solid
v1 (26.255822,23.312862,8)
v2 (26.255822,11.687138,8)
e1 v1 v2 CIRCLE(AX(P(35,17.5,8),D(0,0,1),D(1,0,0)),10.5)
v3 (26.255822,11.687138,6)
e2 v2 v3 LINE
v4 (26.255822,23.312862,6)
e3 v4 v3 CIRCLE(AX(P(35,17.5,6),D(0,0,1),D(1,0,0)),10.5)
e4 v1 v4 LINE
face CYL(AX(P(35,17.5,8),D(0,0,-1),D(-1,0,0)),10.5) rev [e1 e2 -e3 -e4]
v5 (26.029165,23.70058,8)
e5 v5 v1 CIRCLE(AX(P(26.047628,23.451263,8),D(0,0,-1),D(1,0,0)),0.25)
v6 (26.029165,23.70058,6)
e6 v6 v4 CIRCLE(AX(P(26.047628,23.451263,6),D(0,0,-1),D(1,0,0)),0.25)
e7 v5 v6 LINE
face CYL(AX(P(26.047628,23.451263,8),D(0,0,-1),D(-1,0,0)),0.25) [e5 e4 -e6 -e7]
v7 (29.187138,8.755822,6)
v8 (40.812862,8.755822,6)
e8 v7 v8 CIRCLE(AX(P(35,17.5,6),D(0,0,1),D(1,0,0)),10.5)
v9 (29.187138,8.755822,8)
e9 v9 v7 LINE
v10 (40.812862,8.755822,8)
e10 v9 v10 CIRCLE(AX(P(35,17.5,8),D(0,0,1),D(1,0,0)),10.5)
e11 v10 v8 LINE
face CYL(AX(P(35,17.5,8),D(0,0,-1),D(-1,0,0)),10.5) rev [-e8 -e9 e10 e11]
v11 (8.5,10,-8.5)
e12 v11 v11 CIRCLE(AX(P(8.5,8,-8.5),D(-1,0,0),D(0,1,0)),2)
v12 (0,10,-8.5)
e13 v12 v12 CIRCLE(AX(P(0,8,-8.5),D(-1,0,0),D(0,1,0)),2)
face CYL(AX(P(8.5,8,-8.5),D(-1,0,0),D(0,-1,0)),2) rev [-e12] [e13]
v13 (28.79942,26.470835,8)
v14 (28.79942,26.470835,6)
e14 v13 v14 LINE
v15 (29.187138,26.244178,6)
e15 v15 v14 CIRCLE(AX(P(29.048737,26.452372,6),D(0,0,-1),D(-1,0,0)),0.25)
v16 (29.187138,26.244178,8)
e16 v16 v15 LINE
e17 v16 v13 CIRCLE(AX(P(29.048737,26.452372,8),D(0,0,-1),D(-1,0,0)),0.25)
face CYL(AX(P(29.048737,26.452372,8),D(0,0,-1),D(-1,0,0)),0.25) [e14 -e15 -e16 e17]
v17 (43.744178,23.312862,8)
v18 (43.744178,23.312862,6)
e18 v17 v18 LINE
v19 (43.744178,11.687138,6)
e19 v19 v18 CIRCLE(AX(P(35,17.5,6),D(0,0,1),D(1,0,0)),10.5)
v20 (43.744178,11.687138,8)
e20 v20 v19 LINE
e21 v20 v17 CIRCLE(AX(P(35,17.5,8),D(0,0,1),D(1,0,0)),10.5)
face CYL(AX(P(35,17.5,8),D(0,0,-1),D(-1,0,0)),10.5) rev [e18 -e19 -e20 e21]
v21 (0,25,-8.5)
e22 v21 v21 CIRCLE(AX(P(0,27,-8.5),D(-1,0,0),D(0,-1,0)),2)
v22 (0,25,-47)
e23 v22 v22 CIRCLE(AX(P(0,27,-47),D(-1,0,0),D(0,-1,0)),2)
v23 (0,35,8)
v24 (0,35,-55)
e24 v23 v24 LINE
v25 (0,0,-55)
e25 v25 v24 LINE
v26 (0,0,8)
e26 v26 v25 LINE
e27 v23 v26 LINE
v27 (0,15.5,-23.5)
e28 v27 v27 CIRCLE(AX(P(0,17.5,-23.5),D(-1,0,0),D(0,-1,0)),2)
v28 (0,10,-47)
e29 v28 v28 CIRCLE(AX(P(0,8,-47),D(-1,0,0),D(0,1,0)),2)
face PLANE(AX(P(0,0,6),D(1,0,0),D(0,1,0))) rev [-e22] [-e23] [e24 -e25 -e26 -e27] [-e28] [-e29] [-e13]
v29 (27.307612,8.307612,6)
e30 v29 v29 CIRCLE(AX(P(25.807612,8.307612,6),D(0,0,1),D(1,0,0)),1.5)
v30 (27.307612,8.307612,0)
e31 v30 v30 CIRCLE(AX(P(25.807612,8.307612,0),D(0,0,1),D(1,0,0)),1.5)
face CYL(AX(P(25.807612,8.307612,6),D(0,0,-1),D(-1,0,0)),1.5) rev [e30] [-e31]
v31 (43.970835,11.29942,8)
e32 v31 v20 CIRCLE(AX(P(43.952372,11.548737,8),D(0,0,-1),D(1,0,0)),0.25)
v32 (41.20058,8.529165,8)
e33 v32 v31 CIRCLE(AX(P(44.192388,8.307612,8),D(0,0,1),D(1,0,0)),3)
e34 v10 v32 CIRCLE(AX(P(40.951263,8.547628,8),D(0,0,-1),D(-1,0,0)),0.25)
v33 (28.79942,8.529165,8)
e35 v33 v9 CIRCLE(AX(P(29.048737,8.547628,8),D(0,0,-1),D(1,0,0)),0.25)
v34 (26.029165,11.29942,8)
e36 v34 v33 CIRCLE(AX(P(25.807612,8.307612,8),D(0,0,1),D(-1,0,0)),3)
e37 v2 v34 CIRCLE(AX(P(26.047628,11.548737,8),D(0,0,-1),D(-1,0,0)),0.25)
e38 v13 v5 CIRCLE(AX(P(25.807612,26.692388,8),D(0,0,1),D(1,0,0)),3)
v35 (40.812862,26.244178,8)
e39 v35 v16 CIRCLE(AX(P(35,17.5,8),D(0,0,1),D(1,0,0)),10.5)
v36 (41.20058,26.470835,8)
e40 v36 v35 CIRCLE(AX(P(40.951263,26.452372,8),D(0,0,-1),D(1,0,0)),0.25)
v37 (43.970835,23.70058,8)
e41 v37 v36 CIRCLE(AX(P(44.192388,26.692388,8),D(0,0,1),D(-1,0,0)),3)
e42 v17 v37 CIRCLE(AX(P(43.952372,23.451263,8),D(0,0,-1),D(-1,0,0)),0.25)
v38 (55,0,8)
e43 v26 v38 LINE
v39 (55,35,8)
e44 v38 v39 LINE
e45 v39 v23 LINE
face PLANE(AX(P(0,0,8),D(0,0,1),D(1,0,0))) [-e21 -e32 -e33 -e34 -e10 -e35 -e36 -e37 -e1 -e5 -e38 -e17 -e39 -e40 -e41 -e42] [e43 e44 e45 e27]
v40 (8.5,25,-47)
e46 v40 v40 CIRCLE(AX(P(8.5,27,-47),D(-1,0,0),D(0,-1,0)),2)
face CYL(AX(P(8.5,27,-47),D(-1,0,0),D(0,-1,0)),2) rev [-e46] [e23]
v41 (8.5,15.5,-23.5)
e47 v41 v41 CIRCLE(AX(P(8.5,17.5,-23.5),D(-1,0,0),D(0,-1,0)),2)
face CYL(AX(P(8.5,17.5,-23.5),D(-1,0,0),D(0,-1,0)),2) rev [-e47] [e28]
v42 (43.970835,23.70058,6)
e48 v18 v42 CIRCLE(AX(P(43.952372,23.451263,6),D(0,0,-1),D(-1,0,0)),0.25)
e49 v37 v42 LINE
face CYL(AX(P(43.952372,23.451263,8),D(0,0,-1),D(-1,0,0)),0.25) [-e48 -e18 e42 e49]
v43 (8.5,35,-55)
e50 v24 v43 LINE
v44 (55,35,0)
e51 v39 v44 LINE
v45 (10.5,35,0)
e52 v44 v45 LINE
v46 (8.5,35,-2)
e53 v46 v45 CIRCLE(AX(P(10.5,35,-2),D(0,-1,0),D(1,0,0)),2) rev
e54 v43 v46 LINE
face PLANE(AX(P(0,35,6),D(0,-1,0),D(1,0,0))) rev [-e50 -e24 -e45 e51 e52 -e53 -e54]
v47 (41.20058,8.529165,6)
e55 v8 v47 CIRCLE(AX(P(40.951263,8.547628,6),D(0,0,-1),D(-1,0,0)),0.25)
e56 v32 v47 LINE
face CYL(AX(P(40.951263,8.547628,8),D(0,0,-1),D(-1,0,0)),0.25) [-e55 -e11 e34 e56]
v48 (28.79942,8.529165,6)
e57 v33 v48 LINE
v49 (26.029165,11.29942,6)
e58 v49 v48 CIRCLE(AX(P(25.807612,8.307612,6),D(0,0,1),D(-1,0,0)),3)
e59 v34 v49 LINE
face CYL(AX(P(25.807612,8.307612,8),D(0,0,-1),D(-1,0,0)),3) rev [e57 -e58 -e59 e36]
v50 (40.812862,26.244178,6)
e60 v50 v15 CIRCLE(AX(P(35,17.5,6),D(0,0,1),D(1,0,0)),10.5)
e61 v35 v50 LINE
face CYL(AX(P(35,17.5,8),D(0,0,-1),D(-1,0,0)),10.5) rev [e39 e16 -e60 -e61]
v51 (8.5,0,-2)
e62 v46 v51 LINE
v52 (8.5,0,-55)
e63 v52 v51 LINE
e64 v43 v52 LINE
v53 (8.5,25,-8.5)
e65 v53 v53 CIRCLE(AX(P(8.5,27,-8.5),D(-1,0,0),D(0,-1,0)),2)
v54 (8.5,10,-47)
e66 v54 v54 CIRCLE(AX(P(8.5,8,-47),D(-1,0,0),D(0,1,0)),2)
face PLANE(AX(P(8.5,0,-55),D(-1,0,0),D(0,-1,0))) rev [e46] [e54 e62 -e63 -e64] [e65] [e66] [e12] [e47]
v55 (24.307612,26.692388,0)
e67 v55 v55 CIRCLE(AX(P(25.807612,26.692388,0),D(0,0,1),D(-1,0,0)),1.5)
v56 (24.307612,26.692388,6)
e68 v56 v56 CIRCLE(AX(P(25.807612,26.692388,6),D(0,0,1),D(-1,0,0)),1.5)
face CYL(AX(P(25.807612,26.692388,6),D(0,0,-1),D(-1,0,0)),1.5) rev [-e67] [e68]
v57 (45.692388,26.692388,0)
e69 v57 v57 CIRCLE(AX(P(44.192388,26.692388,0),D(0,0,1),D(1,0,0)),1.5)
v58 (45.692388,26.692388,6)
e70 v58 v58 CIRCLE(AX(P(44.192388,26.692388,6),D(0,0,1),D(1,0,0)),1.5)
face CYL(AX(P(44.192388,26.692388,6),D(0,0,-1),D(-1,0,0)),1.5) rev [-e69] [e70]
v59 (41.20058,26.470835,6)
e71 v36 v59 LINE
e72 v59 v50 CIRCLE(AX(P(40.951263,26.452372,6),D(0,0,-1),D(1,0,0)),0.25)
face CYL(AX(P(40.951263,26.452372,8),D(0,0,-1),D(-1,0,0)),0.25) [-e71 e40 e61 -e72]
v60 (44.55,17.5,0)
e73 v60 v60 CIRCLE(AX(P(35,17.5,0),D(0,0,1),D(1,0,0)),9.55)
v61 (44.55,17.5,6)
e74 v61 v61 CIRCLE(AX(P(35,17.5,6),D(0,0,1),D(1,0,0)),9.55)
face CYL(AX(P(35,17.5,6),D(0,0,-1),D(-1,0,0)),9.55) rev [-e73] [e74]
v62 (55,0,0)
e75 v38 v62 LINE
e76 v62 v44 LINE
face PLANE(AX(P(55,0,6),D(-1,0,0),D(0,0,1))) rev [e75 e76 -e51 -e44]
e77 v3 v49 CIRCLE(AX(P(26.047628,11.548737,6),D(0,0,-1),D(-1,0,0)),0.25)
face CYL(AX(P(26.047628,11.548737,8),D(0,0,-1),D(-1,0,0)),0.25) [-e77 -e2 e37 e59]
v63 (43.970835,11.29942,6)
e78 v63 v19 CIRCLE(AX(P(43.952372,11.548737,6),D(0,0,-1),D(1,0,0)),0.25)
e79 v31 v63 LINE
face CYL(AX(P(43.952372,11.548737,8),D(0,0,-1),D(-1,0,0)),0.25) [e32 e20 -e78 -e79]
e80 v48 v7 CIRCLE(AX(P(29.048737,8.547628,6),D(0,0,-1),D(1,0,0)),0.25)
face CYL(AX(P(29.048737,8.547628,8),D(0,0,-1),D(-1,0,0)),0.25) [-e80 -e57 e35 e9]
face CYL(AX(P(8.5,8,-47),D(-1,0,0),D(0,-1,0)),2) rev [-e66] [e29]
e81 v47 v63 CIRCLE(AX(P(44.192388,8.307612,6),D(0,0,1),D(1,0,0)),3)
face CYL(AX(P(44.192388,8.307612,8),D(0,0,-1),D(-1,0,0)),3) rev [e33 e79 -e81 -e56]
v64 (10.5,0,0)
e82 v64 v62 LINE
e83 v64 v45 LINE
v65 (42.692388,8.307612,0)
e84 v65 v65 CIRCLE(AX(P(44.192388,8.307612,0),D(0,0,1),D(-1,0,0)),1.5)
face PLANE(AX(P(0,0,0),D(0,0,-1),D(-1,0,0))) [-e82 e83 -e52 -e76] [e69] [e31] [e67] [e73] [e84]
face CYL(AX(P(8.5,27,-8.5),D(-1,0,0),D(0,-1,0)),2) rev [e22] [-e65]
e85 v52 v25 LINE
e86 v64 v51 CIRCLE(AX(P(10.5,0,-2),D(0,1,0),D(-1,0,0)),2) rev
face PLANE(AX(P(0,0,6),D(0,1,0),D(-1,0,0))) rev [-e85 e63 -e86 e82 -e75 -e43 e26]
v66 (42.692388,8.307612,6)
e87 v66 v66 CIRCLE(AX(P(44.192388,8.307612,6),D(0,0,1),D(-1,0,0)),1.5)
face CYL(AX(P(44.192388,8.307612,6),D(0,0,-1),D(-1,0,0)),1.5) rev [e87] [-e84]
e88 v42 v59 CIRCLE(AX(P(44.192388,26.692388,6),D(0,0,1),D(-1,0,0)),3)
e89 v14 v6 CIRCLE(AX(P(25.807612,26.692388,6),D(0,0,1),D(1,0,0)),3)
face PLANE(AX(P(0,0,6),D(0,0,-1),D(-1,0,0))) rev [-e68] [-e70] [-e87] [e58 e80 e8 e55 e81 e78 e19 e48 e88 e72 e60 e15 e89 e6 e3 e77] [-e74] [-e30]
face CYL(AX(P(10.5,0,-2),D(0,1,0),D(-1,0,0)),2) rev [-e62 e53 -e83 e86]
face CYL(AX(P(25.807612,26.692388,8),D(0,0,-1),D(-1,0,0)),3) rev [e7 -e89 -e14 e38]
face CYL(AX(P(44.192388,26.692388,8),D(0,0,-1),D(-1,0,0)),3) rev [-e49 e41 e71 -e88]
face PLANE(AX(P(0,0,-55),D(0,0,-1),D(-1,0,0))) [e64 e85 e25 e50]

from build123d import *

# Parameters (mm, degrees)
SKETCH1_W           = 55
SKETCH1_H           = 35
SKETCH1_R           = 9.55
SKETCH1_R_2         = 1.5
BOSS_EXTRUDE3_DEPTH = 6
SKETCH4_W           = 55
SKETCH4_H           = 35
BOSS_EXTRUDE5_DEPTH = 2
SKETCH8_W           = 8.5
SKETCH8_H           = 35
BOSS_EXTRUDE6_DEPTH = 55
SKETCH9_R           = 2
CUT_EXTRUDE1_DEPTH  = 8.5
FILLET1_R           = 2


with BuildPart() as part:
    # Sketch1 → Boss-Extrude3 (new body)
    with BuildSketch(Plane.XY):
        with Locations((27.5, 17.5)):
            Rectangle(SKETCH1_W, SKETCH1_H)
        with Locations((35, 17.5)):
            Circle(SKETCH1_R, mode=Mode.SUBTRACT)
        with Locations((44.192388155, 26.692388155)):
            Circle(SKETCH1_R_2, mode=Mode.SUBTRACT)
        with Locations((44.192388155, 8.307611845)):
            Circle(SKETCH1_R_2, mode=Mode.SUBTRACT)
        with Locations((25.807611845, 8.307611845)):
            Circle(SKETCH1_R_2, mode=Mode.SUBTRACT)
        with Locations((25.807611845, 26.692388155)):
            Circle(SKETCH1_R_2, mode=Mode.SUBTRACT)
    extrude(amount=BOSS_EXTRUDE3_DEPTH)

    # Sketch4 → Boss-Extrude5 (add)
    with BuildSketch(Plane.XY.offset(6)):
        with Locations((27.5, 17.5)):
            Rectangle(SKETCH4_W, SKETCH4_H)
        with BuildLine():
            ThreePointArc((28.799419693, 26.47083501), (23.686291501, 28.813708499), (26.02916499, 23.700580307))
            ThreePointArc((26.02916499, 23.700580307), (26.263454109, 23.57743344), (26.255822455, 23.312861521))
            ThreePointArc((26.255822455, 23.312861521), (24.5, 17.5), (26.255822455, 11.687138479))
            ThreePointArc((26.255822455, 11.687138479), (26.263454109, 11.42256656), (26.02916499, 11.299419693))
            ThreePointArc((26.02916499, 11.299419693), (23.686291501, 6.186291501), (28.799419693, 8.52916499))
            ThreePointArc((28.799419693, 8.52916499), (28.92256656, 8.763454109), (29.187138479, 8.755822455))
            ThreePointArc((29.187138479, 8.755822455), (35, 7), (40.812861521, 8.755822455))
            ThreePointArc((40.812861521, 8.755822455), (41.07743344, 8.763454109), (41.200580307, 8.52916499))
            ThreePointArc((41.200580307, 8.52916499), (46.313708499, 6.186291501), (43.97083501, 11.299419693))
            ThreePointArc((43.97083501, 11.299419693), (43.736545891, 11.42256656), (43.744177545, 11.687138479))
            ThreePointArc((43.744177545, 11.687138479), (45.5, 17.5), (43.744177545, 23.312861521))
            ThreePointArc((43.744177545, 23.312861521), (43.736545891, 23.57743344), (43.97083501, 23.700580307))
            ThreePointArc((43.97083501, 23.700580307), (46.313708499, 28.813708499), (41.200580307, 26.47083501))
            ThreePointArc((41.200580307, 26.47083501), (41.07743344, 26.236545891), (40.812861521, 26.244177545))
            ThreePointArc((40.812861521, 26.244177545), (35, 28), (29.187138479, 26.244177545))
            ThreePointArc((29.187138479, 26.244177545), (28.92256656, 26.236545891), (28.799419693, 26.47083501))
        make_face(mode=Mode.SUBTRACT)
    extrude(amount=BOSS_EXTRUDE5_DEPTH)

    # Sketch8 → Boss-Extrude6 (add)
    with BuildSketch(Plane(origin=(0, 0, 0), x_dir=(-1, 0, 0), z_dir=(0, 0, -1))):
        with Locations((-4.25, 17.5)):
            Rectangle(SKETCH8_W, SKETCH8_H)
    extrude(amount=BOSS_EXTRUDE6_DEPTH)

    # Sketch9 → Cut-Extrude1 (cut)
    with BuildSketch(Plane.ZY):
        with Locations((-47, 27)):
            Circle(SKETCH9_R)
        with Locations((-47, 8)):
            Circle(SKETCH9_R)
        with Locations((-8.5, 27)):
            Circle(SKETCH9_R)
        with Locations((-8.5, 8)):
            Circle(SKETCH9_R)
        with Locations((-23.5, 17.5)):
            Circle(SKETCH9_R)
    extrude(amount=-CUT_EXTRUDE1_DEPTH, mode=Mode.SUBTRACT)

    # Fillet1
    fillet1_edges = [part.edges().sort_by_distance(p)[0] for p in [
        (8.5, 17.5, 0),
    ]]
    fillet(fillet1_edges, radius=FILLET1_R)


solid = part.part
